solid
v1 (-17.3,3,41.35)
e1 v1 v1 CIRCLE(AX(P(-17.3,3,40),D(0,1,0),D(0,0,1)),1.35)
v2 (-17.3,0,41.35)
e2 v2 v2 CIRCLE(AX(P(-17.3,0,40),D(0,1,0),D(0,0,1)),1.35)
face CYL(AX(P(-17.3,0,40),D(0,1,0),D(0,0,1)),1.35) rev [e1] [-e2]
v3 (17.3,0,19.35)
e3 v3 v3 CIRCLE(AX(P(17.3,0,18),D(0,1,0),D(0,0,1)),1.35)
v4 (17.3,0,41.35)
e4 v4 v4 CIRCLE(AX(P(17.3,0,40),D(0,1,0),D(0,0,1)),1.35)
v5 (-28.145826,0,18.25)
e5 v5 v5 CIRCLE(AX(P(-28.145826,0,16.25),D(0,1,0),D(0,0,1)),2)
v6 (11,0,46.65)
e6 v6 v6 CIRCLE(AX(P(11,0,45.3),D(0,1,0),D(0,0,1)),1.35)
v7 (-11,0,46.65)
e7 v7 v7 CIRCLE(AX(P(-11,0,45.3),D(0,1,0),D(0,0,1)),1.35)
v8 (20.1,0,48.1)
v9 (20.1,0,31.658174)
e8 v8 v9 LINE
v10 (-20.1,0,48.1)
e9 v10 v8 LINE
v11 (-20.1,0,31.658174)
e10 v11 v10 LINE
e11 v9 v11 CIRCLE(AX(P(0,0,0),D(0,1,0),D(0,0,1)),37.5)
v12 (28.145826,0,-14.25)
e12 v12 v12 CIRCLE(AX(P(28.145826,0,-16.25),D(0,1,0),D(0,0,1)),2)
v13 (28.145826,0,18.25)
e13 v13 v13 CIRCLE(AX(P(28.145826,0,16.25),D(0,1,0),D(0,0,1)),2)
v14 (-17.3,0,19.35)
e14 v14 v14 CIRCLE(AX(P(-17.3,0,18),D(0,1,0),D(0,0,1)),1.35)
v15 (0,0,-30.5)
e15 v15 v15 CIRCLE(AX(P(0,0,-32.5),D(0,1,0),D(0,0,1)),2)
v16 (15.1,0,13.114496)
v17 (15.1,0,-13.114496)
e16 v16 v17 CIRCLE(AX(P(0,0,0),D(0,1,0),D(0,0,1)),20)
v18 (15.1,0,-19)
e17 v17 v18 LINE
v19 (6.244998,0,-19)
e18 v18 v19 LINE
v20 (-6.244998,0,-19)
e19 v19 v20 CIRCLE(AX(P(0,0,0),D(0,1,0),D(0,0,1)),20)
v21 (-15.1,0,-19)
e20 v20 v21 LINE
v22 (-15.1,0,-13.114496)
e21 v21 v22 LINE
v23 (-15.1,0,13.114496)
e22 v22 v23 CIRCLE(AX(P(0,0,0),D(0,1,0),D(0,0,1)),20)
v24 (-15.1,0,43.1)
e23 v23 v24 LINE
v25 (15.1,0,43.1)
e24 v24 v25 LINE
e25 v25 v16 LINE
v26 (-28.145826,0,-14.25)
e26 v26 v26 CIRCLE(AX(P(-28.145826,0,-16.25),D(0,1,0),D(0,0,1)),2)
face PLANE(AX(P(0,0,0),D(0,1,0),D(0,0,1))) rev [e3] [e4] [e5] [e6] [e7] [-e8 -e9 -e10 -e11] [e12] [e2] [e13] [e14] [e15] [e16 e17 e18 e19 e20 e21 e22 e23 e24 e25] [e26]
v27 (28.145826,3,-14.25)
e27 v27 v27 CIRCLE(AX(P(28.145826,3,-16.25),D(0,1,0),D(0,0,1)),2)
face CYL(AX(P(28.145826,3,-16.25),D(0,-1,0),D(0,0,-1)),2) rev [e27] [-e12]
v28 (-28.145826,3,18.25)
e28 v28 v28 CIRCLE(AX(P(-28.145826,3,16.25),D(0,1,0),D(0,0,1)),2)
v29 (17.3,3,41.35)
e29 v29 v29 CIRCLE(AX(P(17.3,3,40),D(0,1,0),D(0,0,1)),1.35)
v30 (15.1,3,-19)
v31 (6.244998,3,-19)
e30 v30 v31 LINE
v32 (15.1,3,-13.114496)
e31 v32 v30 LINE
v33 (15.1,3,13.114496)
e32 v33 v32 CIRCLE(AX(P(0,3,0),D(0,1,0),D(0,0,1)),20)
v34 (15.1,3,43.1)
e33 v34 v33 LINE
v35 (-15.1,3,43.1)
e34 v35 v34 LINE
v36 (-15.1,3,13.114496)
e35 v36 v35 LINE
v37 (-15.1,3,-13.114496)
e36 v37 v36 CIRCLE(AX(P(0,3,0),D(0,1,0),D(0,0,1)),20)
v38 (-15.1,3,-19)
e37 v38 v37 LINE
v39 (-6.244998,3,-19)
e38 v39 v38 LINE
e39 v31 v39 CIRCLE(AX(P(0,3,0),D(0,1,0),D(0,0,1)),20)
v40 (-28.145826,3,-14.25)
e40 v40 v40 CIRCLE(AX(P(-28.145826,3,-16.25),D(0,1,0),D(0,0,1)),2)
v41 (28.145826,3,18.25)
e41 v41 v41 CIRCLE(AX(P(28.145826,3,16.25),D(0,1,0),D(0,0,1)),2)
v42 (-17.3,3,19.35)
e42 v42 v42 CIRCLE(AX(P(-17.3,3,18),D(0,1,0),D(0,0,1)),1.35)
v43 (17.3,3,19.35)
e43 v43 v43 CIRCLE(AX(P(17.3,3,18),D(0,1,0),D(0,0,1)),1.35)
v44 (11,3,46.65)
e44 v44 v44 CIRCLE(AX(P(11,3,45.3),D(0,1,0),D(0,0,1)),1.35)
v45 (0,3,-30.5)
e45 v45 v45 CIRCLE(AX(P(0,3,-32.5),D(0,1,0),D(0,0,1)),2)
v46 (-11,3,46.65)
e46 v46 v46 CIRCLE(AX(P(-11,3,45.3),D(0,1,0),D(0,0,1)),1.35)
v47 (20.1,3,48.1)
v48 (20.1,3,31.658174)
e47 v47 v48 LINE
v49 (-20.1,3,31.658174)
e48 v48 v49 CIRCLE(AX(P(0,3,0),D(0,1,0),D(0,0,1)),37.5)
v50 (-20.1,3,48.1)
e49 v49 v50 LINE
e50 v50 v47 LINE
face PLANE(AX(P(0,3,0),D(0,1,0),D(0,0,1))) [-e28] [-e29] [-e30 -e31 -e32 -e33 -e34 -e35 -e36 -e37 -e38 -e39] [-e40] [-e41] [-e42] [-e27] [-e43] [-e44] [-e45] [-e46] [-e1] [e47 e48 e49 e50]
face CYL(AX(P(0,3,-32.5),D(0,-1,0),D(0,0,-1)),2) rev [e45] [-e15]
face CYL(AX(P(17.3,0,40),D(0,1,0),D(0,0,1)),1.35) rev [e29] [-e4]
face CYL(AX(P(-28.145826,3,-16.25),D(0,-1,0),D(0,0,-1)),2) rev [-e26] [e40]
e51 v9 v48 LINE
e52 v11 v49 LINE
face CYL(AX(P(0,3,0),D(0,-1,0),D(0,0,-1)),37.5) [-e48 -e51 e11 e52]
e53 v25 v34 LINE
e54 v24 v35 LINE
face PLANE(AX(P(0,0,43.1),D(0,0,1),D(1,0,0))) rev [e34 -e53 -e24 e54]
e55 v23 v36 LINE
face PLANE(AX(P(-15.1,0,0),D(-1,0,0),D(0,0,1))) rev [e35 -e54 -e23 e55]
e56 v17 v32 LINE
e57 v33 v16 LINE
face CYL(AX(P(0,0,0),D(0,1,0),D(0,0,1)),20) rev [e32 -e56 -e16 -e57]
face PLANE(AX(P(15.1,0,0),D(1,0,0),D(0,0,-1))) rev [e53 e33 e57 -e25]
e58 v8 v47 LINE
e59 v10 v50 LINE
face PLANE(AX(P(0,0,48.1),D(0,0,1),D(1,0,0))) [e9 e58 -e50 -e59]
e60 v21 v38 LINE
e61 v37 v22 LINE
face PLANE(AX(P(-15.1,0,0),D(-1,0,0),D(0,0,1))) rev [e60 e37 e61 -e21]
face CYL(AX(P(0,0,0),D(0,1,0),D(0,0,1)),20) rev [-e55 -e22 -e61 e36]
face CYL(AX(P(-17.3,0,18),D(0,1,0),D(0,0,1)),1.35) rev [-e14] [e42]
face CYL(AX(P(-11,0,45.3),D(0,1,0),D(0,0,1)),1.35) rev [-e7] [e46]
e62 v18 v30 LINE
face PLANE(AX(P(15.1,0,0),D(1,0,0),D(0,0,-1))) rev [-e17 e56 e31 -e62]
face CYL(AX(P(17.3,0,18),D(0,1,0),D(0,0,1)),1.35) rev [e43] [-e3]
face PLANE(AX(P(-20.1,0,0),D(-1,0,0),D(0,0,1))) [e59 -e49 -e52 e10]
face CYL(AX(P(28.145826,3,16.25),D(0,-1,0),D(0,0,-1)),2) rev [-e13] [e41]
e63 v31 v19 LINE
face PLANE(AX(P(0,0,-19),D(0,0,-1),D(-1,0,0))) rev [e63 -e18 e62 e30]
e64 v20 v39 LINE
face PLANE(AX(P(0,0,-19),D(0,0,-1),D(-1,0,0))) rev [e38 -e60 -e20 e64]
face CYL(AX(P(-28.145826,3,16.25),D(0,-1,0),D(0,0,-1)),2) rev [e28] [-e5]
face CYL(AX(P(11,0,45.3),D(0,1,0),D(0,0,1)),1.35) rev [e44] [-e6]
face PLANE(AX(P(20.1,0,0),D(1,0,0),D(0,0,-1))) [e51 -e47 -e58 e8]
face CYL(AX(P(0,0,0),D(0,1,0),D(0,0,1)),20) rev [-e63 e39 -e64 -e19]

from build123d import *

# Parameters (mm, degrees)
SKETCH1_R           = 37.5
SKETCH1_R_2         = 2
BOSS_EXTRUDE1_DEPTH = 3
SKETCH2_R           = 1.35
BOSS_EXTRUDE2_DEPTH = 3
SKETCH2_3_R         = 2
SKETCH2_3_R_2       = 1.35
CUT_EXTRUDE1_DEPTH  = 4
SKETCH3_R           = 20
CUT_EXTRUDE2_DEPTH  = 4


with BuildPart() as part:
    # Sketch1 → Boss-Extrude1 (new body)
    with BuildSketch(Plane(origin=(0, 0, 0), x_dir=(1, 0, 0), z_dir=(0, 1, 0))):
        Circle(SKETCH1_R)
        with Locations((0, 32.5)):
            Circle(SKETCH1_R_2, mode=Mode.SUBTRACT)
        with Locations((28.145825623, 16.25)):
            Circle(SKETCH1_R_2, mode=Mode.SUBTRACT)
        with Locations((28.145825623, -16.25)):
            Circle(SKETCH1_R_2, mode=Mode.SUBTRACT)
        with Locations((0, -32.5)):
            Circle(SKETCH1_R_2, mode=Mode.SUBTRACT)
        with Locations((-28.145825623, -16.25)):
            Circle(SKETCH1_R_2, mode=Mode.SUBTRACT)
        with Locations((-28.145825623, 16.25)):
            Circle(SKETCH1_R_2, mode=Mode.SUBTRACT)
    extrude(amount=BOSS_EXTRUDE1_DEPTH)

    # Sketch2 → Boss-Extrude2 (add, through all)
    with BuildSketch(Plane(origin=(0, 3, 0), x_dir=(1, 0, 0), z_dir=(0, 1, 0))):
        with BuildLine():
            ThreePointArc((-15.1, -34.325500725), (-17.650457715, -33.086422328), (-20.1, -31.6581743))
            Line((-20.1, -31.6581743), (-20.1, -48.1))
            Line((-20.1, -48.1), (20.1, -48.1))
            Line((20.1, -48.1), (20.1, -31.6581743))
            ThreePointArc((20.1, -31.6581743), (17.650457715, -33.086422328), (15.1, -34.325500725))
            Line((15.1, -34.325500725), (15.1, -43.1))
            Line((15.1, -43.1), (-15.1, -43.1))
            Line((-15.1, -43.1), (-15.1, -34.325500725))
        make_face()
        with Locations((-11, -45.3)):
            Circle(SKETCH2_R, mode=Mode.SUBTRACT)
        with Locations((-17.3, -40)):
            Circle(SKETCH2_R, mode=Mode.SUBTRACT)
        with Locations((11, -45.3)):
            Circle(SKETCH2_R, mode=Mode.SUBTRACT)
        with Locations((17.3, -40)):
            Circle(SKETCH2_R, mode=Mode.SUBTRACT)
    extrude(amount=-BOSS_EXTRUDE2_DEPTH)

    # Sketch2<3> → Cut-Extrude1 (cut, through all)
    with BuildSketch(Plane(origin=(0, 3, 0), x_dir=(1, 0, 0), z_dir=(0, 1, 0))):
        with BuildLine():
            Line((15.1, 19), (-15.1, 19))
            Line((-15.1, 19), (-15.1, -34.325500725))
            ThreePointArc((-15.1, -34.325500725), (0, -37.5), (15.1, -34.325500725))
            Line((15.1, -34.325500725), (15.1, 19))
        make_face()
        with Locations((0, -32.5)):
            Circle(SKETCH2_3_R, mode=Mode.SUBTRACT)
        with Locations((-17.3, 4)):
            Circle(SKETCH2_3_R_2)
        with Locations((-17.3, -18)):
            Circle(SKETCH2_3_R_2)
        with Locations((17.3, -18)):
            Circle(SKETCH2_3_R_2)
        with Locations((17.3, 4)):
            Circle(SKETCH2_3_R_2)
    extrude(amount=-CUT_EXTRUDE1_DEPTH, mode=Mode.SUBTRACT)

    # Sketch3 → Cut-Extrude2 (cut, through all)
    with BuildSketch(Plane(origin=(0, 3, 0), x_dir=(1, 0, 0), z_dir=(0, 1, 0))):
        Circle(SKETCH3_R)
    extrude(amount=-CUT_EXTRUDE2_DEPTH, mode=Mode.SUBTRACT)


solid = part.part
